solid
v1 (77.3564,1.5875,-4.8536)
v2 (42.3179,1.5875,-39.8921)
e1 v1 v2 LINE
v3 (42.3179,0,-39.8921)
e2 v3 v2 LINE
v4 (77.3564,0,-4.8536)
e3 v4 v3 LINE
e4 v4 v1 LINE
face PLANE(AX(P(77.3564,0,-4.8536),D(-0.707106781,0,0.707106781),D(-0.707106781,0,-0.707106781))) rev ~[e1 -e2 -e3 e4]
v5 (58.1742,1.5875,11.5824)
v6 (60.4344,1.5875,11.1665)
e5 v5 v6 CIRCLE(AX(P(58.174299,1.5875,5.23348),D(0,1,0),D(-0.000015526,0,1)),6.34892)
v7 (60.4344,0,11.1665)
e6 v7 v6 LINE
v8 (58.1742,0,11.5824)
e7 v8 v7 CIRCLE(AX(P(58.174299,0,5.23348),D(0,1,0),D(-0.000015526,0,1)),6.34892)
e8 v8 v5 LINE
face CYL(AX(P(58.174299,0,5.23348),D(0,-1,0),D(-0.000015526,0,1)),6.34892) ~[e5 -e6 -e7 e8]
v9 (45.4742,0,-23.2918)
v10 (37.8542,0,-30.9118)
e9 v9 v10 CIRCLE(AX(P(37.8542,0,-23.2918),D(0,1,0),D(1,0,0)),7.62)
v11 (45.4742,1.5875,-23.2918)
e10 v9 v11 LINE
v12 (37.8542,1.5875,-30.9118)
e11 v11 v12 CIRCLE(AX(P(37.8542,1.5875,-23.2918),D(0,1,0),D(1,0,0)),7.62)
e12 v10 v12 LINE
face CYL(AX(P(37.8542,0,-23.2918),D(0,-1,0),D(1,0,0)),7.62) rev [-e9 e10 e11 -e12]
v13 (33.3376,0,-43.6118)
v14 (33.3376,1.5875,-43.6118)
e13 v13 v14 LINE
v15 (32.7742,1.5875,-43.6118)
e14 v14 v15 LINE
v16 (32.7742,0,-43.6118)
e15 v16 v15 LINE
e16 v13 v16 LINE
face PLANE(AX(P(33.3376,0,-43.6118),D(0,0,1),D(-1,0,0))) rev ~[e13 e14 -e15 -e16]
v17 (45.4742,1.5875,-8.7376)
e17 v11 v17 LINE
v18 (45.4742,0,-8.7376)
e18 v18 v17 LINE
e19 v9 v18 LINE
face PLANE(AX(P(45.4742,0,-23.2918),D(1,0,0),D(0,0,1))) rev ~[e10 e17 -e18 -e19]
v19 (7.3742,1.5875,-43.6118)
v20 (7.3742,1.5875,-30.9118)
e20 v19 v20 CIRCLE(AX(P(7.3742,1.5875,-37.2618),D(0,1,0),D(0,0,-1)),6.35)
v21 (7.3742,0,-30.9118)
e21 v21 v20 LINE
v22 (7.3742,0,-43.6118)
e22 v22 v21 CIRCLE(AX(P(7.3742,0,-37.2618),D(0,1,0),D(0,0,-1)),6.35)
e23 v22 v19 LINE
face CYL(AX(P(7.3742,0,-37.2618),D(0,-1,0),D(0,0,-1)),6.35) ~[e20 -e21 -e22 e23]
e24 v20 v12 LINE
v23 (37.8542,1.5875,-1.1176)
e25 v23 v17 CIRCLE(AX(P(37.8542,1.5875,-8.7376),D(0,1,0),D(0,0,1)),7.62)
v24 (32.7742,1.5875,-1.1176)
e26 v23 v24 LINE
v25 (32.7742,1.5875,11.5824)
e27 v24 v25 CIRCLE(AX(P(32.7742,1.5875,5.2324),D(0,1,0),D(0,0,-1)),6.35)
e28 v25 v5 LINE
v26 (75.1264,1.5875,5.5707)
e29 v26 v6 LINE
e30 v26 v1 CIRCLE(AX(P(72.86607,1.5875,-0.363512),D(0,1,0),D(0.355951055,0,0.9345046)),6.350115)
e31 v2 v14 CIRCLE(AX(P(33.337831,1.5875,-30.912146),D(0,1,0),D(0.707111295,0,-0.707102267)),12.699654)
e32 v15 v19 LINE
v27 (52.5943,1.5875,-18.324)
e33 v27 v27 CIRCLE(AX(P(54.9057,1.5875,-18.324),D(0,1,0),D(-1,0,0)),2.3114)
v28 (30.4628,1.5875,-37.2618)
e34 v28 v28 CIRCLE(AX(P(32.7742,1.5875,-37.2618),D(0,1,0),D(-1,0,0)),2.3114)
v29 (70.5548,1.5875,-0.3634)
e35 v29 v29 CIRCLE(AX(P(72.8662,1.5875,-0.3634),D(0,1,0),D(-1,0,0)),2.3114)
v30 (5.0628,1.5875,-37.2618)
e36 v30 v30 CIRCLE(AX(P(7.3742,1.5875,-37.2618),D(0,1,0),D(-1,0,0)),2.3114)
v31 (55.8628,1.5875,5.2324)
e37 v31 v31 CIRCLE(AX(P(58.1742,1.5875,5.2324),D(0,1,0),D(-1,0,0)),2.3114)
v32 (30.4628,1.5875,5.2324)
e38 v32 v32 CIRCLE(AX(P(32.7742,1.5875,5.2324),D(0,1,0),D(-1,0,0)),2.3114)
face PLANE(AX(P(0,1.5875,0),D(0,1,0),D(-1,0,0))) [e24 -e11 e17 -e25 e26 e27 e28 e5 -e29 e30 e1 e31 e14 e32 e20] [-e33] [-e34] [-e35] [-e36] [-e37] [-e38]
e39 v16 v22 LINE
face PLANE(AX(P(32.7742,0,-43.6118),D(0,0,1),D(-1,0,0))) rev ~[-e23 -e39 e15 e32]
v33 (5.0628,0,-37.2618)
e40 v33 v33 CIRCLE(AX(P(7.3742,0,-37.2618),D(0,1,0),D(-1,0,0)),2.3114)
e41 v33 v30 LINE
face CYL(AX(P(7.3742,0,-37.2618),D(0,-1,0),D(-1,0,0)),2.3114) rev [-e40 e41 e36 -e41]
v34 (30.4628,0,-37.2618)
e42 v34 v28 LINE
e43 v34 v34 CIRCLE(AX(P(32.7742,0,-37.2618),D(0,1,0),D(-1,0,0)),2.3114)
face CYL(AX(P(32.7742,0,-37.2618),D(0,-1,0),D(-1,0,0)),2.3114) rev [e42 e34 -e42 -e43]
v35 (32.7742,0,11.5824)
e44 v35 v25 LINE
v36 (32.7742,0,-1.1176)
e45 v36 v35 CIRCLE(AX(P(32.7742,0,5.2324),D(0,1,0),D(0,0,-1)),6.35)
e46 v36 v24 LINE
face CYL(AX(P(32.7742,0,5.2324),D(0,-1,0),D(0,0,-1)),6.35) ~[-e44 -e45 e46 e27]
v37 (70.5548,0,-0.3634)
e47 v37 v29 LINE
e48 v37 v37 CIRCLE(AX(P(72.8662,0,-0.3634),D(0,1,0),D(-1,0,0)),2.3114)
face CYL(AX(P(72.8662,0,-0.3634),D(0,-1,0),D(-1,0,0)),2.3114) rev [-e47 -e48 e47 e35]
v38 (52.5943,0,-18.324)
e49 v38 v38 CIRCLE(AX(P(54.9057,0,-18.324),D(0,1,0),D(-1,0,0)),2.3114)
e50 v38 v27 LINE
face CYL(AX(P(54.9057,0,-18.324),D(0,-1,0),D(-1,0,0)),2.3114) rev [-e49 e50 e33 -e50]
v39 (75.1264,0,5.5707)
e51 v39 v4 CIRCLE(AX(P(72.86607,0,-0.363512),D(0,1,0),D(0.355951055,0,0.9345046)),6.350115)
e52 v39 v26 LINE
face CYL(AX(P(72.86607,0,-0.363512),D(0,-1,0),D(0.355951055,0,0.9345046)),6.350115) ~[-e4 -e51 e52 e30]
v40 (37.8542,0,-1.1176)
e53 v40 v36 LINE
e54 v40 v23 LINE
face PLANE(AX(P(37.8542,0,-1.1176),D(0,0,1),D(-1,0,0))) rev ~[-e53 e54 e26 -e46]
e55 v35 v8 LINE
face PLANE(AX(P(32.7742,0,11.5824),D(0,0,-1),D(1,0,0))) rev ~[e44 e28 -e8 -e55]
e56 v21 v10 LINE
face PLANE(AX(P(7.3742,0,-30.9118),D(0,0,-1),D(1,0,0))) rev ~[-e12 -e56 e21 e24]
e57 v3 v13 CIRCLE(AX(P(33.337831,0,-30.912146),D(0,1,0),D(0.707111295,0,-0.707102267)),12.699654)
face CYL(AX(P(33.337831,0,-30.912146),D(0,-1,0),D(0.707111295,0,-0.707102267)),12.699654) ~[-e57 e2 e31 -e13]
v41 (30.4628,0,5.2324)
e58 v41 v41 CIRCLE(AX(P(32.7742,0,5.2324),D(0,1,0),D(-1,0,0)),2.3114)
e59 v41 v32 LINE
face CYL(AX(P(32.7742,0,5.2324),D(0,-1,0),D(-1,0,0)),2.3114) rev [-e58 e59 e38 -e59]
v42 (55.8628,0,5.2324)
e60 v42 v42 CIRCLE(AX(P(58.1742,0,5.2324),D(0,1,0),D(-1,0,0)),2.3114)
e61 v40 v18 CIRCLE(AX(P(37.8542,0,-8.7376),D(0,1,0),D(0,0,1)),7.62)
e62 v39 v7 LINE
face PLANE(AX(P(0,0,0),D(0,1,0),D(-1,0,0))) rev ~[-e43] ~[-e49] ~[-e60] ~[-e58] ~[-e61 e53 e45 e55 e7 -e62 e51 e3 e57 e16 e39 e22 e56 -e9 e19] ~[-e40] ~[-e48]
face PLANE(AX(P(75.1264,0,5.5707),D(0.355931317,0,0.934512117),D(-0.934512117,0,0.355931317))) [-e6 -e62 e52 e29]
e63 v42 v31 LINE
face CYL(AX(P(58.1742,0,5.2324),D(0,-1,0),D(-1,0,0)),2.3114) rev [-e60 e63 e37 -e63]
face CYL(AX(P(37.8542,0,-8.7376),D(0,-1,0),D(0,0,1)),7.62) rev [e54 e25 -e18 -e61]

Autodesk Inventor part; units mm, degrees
ref_plane "YZ Plane" through (0, 0, 0) normal (1, 0, 0) x (0, 1, 0)
ref_plane "XZ Plane" through (0, 0, 0) normal (0, 1, 0) x (-1, 0, 0)
ref_plane "XY Plane" through (0, 0, 0) normal (0, 0, 1) x (1, 0, 0)
sketch "Sketch1" plane through (0, 0, 0) normal (0, 1, 0) x (-1, 0, 0)
  line L0 (-37.8542, -1.1176) -> (-32.7742, -1.1176)
  line L1 (-7.3742, -30.9118) -> (-37.8542, -30.9118)
  line L2 (-45.4742, -23.2918) -> (-45.4742, -8.7376)
  arc A0 (-37.8542, -1.1176) -> (-45.4742, -8.7376) centre (-37.8542, -8.7376) ccw
  arc A1 (-45.4742, -23.2918) -> (-37.8542, -30.9118) centre (-37.8542, -23.2918) ccw
  circle A2 centre (-72.8662, -0.3634) radius 2.3114
  circle A3 centre (-54.9057, -18.324) radius 2.3114
  circle A4 centre (-58.1742, 5.2324) radius 2.3114
  circle A5 centre (-32.7742, 5.2324) radius 2.3114
  circle A6 centre (-32.7742, -37.2618) radius 2.3114
  circle A7 centre (-7.3742, -37.2618) radius 2.3114
  arc A8 (-75.1264, 5.5707) -> (-77.3564, -4.8536) centre (-72.8662, -0.3634) ccw
  arc A9 (-32.7742, -43.6118) -> (-31.4271, -43.4673) centre (-32.7742, -37.2618) ccw
  arc A10 (-7.3742, -43.6118) -> (-7.3742, -30.9118) centre (-7.3742, -37.2618) ccw
  arc A11 (-32.7742, -1.1176) -> (-32.7742, 11.5824) centre (-32.7742, 5.2324) ccw
  arc A12 (-58.1742, 11.5824) -> (-60.4344, 11.1665) centre (-58.1742, 5.2324) ccw
  line L3 (-32.7742, 11.5824) -> (-58.1742, 11.5824)
  line L4 (-75.1264, 5.5707) -> (-60.4344, 11.1665)
  line L5 (-77.3564, -4.8536) -> (-42.3179, -39.8921)
  line L6 (-33.3376, -43.6118) -> (-7.3742, -43.6118)
  arc A13 (-42.3179, -39.8921) -> (-33.3376, -43.6118) centre (-33.3376, -30.9118) ccw
  line L7 (-37.8542, -1.1176) -> (-32.7742, -1.1176)
  point P0 (0, 0)
  point P1 (-45.4742, -30.9118)
  dimension "d2" = 7.62
  dimension "d20" = 12.7
  dimension "d21" = 29.7942
extrude "Extrusion1" add sketch "Sketch1" along normal blind 1.5875
properties part number "gusset-2-3.25-half"
